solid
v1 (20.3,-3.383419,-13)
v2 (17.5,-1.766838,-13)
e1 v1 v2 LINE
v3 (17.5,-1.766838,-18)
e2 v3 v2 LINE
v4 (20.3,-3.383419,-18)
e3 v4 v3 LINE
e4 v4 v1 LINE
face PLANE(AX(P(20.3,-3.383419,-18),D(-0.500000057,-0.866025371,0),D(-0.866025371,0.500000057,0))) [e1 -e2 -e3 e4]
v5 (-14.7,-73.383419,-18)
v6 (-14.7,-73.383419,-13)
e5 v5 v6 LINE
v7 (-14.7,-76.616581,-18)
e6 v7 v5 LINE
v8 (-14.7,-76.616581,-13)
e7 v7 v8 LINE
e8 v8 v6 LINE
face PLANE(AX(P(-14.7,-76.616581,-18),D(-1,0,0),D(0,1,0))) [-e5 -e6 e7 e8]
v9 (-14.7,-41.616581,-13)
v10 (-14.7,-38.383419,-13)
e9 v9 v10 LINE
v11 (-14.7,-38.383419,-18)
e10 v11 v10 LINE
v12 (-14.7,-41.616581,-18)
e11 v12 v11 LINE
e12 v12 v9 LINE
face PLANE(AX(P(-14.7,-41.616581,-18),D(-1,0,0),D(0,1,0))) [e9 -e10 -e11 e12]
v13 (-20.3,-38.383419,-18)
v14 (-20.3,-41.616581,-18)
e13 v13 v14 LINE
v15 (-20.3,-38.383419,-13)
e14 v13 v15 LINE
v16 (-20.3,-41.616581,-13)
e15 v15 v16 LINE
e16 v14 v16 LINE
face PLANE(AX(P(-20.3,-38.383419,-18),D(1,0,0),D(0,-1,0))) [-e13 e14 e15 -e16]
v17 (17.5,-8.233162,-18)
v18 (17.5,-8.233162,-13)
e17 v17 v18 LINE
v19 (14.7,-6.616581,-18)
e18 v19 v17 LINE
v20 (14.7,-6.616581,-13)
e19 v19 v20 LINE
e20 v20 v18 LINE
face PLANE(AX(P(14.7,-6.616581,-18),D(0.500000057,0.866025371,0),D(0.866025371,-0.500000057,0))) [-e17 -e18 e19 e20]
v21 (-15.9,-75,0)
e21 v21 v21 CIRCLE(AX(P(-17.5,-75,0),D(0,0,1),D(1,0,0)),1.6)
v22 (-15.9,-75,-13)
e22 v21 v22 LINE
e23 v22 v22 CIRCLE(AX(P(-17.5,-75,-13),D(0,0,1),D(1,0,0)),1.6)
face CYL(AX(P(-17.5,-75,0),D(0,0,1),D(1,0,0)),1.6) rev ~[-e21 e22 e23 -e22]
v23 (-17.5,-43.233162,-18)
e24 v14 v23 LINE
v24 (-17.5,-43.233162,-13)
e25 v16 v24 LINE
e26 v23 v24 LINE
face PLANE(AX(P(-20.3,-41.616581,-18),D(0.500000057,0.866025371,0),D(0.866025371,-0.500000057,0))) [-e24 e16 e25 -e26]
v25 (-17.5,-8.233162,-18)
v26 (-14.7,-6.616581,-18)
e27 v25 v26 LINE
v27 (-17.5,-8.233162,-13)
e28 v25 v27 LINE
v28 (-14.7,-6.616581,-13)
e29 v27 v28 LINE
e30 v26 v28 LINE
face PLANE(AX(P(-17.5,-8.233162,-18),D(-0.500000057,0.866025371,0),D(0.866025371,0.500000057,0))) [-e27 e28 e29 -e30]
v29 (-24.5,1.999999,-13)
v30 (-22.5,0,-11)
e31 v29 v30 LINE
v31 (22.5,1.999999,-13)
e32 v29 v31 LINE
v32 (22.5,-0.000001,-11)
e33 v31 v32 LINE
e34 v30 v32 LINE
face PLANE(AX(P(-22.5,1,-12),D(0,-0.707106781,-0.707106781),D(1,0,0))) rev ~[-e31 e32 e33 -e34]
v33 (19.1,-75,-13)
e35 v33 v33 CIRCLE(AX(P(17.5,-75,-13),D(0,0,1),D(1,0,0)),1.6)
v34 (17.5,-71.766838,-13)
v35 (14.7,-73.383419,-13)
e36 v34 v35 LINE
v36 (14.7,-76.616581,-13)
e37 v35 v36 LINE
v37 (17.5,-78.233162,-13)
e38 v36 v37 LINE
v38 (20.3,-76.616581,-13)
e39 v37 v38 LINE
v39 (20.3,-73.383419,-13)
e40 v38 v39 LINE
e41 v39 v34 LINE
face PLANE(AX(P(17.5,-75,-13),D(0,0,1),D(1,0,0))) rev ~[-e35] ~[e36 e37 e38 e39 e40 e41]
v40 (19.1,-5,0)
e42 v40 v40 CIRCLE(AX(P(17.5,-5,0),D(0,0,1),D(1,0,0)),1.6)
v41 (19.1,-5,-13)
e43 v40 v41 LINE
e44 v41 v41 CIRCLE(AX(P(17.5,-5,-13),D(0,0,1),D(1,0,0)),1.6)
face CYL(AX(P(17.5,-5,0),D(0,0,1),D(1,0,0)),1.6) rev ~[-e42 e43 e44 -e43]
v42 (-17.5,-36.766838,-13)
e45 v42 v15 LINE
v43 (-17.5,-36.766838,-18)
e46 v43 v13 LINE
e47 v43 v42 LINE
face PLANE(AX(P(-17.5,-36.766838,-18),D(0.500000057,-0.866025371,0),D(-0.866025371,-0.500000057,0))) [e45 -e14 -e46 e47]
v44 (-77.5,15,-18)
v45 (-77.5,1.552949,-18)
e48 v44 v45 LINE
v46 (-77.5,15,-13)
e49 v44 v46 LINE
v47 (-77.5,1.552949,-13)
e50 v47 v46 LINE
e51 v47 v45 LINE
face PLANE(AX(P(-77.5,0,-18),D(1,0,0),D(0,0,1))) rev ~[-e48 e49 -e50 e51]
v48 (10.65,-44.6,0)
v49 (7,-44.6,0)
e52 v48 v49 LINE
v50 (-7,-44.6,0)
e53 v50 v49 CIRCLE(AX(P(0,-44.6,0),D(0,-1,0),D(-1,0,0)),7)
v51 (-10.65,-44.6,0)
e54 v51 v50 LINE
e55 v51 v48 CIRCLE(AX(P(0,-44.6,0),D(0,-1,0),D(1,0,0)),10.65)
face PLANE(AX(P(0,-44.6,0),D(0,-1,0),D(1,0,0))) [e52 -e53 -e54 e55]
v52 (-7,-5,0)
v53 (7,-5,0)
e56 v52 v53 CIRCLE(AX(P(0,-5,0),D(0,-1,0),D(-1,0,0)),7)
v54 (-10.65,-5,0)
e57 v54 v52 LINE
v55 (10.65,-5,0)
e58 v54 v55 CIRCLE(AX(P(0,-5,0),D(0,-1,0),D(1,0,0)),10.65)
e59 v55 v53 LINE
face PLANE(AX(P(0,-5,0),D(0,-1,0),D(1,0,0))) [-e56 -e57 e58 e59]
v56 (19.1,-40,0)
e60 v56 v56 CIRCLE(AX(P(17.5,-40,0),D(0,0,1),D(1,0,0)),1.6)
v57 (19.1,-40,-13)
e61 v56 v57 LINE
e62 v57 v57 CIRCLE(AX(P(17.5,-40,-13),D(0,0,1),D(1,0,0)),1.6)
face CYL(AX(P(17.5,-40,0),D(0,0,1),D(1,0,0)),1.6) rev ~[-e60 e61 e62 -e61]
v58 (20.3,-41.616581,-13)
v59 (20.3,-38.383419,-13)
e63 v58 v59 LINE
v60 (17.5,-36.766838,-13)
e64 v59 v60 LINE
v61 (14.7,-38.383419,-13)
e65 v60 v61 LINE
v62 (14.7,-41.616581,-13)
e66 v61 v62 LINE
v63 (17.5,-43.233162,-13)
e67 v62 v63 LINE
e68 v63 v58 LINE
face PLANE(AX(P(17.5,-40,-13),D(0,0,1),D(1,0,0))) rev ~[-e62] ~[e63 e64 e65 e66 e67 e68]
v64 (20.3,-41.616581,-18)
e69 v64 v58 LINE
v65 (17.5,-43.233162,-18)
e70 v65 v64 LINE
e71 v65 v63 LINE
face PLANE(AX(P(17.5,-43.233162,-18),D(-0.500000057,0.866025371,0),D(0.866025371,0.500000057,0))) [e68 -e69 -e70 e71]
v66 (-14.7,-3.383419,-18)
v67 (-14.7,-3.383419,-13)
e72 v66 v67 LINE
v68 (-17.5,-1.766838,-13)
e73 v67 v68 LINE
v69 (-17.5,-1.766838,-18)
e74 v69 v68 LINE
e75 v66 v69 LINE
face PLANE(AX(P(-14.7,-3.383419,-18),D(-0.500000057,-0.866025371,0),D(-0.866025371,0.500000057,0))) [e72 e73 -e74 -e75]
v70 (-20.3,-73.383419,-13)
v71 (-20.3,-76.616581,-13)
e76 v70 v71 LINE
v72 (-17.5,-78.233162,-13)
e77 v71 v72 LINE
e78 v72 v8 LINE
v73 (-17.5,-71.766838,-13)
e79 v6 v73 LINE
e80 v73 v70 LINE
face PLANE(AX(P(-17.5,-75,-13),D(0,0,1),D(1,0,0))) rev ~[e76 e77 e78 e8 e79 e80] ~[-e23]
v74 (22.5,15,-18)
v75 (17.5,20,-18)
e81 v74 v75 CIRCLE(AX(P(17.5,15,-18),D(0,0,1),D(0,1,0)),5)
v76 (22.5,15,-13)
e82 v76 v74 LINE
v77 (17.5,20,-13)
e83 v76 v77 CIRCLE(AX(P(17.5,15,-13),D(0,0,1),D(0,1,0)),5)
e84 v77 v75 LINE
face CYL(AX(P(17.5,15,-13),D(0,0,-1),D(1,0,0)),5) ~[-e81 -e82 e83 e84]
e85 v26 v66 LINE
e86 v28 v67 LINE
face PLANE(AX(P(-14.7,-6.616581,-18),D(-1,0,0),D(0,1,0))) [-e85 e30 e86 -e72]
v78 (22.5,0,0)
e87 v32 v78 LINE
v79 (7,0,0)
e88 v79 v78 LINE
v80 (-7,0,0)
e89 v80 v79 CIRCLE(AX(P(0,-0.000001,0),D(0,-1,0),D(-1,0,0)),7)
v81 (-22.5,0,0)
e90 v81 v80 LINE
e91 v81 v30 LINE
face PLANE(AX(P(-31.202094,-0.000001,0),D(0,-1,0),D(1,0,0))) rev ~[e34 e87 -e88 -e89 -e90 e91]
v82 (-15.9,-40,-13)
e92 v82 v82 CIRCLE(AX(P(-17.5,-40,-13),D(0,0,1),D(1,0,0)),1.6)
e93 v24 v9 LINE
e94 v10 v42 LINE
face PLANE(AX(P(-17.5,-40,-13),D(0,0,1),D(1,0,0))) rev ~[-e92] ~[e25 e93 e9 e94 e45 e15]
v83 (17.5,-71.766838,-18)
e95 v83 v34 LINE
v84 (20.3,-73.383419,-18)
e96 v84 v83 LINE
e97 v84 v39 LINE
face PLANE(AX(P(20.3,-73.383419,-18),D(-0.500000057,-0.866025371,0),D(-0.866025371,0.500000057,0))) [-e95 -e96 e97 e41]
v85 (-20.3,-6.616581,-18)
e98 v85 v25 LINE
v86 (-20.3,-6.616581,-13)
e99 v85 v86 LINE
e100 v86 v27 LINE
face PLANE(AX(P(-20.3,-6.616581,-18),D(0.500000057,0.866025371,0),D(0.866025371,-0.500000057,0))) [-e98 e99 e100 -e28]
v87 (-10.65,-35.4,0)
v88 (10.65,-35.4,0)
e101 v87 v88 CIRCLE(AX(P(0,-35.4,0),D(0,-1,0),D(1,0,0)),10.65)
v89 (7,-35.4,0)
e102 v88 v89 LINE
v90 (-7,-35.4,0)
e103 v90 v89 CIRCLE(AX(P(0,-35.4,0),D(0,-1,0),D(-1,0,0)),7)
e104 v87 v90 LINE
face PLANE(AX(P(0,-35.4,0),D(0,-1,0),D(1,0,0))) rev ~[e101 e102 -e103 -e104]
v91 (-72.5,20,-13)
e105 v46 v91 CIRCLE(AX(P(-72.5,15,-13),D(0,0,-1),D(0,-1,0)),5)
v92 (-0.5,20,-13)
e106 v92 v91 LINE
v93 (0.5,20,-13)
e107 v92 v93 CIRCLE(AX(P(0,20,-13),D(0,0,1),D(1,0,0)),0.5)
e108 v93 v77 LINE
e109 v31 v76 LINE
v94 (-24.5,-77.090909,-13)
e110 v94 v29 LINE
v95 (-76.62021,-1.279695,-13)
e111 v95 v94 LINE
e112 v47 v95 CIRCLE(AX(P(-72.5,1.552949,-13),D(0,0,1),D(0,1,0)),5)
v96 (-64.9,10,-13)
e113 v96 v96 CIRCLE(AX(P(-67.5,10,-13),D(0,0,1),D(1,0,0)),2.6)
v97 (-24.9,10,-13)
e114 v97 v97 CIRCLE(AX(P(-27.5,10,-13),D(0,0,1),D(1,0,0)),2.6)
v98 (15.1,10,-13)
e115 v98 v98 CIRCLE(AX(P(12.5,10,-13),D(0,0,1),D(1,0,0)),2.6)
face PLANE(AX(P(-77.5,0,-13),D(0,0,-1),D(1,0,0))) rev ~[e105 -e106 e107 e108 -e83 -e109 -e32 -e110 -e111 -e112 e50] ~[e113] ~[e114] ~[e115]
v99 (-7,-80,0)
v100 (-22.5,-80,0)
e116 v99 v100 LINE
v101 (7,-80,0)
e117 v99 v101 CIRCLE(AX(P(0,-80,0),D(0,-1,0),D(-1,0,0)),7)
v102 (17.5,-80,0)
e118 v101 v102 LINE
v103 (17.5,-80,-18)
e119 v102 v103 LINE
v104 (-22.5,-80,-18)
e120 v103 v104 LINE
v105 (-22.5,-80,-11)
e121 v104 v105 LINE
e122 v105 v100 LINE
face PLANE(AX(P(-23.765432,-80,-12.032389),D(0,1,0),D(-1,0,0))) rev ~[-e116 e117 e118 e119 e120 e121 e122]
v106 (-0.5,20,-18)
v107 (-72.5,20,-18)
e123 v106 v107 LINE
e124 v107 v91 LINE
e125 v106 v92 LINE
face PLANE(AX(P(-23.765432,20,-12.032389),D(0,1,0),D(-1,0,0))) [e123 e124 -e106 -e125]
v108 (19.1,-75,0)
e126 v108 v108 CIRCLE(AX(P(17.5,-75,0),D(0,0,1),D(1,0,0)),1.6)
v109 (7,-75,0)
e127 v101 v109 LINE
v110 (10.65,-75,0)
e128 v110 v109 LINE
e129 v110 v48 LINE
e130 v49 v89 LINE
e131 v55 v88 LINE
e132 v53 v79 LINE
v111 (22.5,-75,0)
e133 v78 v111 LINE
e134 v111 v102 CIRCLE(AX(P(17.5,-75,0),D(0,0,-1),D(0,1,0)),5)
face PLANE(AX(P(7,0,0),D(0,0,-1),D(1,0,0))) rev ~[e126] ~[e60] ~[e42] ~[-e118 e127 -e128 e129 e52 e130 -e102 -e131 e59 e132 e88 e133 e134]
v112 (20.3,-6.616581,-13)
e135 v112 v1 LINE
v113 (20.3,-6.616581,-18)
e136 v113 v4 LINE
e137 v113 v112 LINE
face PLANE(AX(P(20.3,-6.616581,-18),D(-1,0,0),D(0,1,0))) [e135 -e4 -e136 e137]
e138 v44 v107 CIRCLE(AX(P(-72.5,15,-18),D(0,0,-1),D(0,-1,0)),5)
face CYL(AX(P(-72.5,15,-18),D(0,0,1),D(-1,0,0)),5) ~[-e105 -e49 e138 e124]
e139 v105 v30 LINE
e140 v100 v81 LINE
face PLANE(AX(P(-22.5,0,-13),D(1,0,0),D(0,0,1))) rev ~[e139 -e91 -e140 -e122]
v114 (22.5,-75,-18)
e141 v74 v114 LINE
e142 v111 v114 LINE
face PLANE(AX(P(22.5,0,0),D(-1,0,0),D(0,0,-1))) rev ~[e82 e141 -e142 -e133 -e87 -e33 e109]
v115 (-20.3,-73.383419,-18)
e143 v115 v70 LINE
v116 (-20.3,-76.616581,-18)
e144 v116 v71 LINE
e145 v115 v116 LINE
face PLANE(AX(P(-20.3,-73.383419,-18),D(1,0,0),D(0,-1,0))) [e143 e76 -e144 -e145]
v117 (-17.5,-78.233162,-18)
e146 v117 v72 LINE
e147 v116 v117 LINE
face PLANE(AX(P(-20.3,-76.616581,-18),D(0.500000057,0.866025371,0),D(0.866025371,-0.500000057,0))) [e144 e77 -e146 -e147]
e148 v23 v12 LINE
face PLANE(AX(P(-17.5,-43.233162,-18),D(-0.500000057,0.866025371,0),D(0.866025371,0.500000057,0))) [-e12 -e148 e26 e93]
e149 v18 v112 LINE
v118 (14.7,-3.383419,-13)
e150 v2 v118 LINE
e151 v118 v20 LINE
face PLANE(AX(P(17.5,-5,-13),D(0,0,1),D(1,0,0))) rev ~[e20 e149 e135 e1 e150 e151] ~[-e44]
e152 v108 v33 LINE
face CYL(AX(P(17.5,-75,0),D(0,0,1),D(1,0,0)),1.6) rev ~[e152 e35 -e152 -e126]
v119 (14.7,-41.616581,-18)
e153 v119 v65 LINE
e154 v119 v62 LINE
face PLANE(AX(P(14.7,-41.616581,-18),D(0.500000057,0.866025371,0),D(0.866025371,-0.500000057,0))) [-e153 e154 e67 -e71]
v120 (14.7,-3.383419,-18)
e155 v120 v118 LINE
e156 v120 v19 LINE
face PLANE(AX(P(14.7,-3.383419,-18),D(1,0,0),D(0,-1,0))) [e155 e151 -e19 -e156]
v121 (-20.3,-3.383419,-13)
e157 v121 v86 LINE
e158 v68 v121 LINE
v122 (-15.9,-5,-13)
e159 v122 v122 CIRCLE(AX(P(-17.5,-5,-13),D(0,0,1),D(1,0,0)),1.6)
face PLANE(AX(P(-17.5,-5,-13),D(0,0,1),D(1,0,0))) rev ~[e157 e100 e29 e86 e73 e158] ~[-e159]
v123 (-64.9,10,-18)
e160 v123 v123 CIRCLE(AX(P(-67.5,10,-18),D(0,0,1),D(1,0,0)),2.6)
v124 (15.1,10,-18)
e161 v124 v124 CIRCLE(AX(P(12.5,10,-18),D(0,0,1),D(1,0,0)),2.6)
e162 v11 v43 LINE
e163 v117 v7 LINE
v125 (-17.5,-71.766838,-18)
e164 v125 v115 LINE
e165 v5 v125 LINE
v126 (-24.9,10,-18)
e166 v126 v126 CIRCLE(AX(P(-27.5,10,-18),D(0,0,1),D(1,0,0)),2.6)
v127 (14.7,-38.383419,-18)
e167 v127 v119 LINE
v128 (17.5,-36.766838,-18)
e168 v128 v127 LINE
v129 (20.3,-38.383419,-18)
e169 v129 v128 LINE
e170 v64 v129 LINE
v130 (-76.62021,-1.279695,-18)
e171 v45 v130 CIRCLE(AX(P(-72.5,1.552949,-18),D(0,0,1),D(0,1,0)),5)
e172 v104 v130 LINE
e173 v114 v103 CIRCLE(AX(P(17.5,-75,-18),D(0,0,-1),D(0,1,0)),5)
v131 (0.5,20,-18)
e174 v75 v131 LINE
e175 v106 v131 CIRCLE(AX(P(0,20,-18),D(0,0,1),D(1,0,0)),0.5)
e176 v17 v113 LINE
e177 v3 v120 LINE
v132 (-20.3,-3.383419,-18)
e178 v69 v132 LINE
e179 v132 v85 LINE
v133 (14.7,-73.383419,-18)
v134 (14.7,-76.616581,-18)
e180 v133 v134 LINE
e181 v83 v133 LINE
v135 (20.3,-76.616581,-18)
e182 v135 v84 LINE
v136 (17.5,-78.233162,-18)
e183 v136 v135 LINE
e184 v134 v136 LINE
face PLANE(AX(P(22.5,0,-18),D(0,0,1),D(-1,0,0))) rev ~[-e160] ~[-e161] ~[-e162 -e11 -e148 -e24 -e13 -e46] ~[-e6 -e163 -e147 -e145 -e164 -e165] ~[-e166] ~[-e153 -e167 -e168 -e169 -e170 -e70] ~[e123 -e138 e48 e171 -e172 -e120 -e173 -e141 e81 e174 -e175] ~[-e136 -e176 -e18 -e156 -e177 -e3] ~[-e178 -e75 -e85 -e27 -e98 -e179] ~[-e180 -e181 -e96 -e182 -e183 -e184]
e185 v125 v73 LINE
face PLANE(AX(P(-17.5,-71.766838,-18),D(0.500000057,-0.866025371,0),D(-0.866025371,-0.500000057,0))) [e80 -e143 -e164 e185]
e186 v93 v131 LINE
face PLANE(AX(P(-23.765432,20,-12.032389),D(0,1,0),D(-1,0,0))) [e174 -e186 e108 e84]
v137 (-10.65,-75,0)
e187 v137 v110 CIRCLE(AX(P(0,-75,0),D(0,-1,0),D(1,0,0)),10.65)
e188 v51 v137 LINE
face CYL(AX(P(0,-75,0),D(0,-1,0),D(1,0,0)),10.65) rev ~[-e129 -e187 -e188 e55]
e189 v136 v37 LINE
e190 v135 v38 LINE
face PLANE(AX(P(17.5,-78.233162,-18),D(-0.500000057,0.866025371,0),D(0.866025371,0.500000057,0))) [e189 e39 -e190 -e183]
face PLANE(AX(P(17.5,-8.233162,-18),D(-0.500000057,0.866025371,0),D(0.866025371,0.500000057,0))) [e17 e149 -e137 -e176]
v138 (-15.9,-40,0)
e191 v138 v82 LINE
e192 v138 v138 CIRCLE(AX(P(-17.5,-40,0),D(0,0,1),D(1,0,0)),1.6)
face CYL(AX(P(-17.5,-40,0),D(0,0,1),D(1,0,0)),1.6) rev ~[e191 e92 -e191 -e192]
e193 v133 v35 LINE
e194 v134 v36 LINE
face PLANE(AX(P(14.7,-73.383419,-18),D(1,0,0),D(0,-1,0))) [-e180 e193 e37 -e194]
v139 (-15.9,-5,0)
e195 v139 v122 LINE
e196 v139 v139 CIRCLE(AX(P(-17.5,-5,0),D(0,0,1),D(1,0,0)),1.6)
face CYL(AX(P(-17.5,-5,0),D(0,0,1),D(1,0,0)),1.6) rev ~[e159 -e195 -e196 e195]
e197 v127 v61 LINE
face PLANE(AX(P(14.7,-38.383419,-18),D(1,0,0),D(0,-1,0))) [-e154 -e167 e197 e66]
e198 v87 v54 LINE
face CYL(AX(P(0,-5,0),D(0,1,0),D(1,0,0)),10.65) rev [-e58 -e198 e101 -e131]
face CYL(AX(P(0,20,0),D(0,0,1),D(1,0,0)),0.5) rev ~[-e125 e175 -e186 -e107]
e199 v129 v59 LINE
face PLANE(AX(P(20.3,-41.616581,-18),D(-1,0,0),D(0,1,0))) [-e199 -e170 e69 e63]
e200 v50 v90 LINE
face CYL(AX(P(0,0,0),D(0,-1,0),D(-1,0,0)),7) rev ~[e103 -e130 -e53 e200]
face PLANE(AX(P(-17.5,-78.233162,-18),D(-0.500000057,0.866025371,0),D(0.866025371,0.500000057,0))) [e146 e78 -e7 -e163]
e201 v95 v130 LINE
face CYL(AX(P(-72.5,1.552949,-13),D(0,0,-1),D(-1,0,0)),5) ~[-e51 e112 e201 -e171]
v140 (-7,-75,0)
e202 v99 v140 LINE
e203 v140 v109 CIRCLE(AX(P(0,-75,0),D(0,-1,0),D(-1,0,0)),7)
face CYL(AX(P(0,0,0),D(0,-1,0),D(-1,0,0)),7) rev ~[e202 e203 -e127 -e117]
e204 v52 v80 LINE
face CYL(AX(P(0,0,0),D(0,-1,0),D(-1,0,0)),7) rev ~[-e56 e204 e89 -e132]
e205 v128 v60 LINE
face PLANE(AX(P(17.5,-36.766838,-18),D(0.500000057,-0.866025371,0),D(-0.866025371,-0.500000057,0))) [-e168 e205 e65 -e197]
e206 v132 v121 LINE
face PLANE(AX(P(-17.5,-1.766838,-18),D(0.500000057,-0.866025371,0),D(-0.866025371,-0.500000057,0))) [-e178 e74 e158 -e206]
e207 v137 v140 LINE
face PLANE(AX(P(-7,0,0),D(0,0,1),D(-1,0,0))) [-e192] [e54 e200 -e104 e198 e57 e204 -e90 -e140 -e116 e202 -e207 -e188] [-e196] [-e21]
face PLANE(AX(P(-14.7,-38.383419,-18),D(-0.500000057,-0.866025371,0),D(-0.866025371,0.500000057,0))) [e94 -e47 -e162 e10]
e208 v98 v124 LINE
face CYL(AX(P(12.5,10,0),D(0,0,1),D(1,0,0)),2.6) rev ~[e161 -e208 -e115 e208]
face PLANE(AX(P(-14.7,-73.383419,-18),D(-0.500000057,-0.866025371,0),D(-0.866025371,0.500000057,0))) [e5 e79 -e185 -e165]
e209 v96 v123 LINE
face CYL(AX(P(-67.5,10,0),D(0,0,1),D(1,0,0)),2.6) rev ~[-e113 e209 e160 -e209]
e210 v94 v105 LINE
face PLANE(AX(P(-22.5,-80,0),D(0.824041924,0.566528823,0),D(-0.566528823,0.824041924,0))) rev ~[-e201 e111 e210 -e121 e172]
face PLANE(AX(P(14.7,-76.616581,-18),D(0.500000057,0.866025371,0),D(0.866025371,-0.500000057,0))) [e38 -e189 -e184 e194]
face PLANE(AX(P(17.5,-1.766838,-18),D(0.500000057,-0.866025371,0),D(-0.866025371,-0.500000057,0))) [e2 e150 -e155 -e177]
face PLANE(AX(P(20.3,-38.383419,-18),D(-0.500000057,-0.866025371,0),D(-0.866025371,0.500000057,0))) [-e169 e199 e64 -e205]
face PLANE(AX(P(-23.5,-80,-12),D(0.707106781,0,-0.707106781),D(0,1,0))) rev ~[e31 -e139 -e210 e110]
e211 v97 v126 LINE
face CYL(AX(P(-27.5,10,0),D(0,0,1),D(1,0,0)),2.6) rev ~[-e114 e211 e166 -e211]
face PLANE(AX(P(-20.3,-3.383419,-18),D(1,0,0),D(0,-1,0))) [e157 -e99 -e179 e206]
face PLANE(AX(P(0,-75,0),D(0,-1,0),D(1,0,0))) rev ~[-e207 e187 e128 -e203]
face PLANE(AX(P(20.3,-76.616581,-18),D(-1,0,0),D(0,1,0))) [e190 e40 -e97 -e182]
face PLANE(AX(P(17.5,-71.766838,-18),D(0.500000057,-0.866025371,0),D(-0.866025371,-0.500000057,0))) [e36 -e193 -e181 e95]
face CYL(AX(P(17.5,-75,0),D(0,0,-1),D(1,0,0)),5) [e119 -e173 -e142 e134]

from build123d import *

# Parameters (mm, degrees)
PAD_DEPTH       = 80
PAD_DEPTH_BACK  = 20
SKETCH001_R     = 2.6
SKETCH001_R_2   = 1.6
SKETCH001_R_3   = 0.5
POCKET_DEPTH    = 18.001
SKETCH002_W     = 62.404188
SKETCH002_H     = 27.650393
POCKET001_DEPTH = 13
POCKET002_DEPTH = 5
SKETCH004_R     = 10.65
POCKET003_DEPTH = 30.4
SKETCH005_R     = 10.65
POCKET004_DEPTH = 30.4
FILLET_R        = 5
CHAMFER_SIZE    = 2


with BuildPart() as part:
    # Sketch → Pad (new body, two sides)
    with BuildSketch(Plane.XZ) as pad_sk:
        with BuildLine():
            Line((-77.5, -18), (-77.5, -13))
            Line((-77.5, -13), (-22.5, -13))
            Line((-22.5, -13), (-22.5, 0))
            Line((-7, 0), (-22.5, 0))
            ThreePointArc((-7, 0), (0, -7), (7, 0))
            Line((7, 0), (22.5, 0))
            Line((22.5, 0), (22.5, -18))
            Line((22.5, -18), (-77.5, -18))
        make_face()
    extrude(amount=PAD_DEPTH)
    extrude(pad_sk.sketch, amount=-PAD_DEPTH_BACK)

    # Sketch001 → Pocket (cut, through all)
    with BuildSketch(Plane.XY):
        with Locations((-67.5, 10)):
            Circle(SKETCH001_R)
        with Locations((-27.5, 10)):
            Circle(SKETCH001_R)
        with Locations((12.5, 10)):
            Circle(SKETCH001_R)
        with Locations((-17.5, -5)):
            Circle(SKETCH001_R_2)
        with Locations((-17.5, -40)):
            Circle(SKETCH001_R_2)
        with Locations((-17.5, -75)):
            Circle(SKETCH001_R_2)
        with Locations((17.5, -5)):
            Circle(SKETCH001_R_2)
        with Locations((17.5, -40)):
            Circle(SKETCH001_R_2)
        with Locations((17.5, -75)):
            Circle(SKETCH001_R_2)
        with Locations((0, 20)):
            Circle(SKETCH001_R_3)
        Polygon((-77.5, 0), (-77.5, -80), (-22.5, -80), align=None)
    extrude(amount=-POCKET_DEPTH, mode=Mode.SUBTRACT)

    # Sketch002 → Pocket001 (cut)
    with BuildSketch(Plane.XY):
        with Locations((0, 13.825196)):
            Rectangle(SKETCH002_W, SKETCH002_H)
    extrude(amount=-POCKET001_DEPTH, mode=Mode.SUBTRACT)

    # Sketch003 (on DatumPlane) → Pocket002 (cut)
    with BuildSketch(Plane.XY.offset(-18)):
        Polygon((-14.7, -3.383419), (-17.5, -1.766838), (-20.3, -3.383419), (-20.3, -6.616581), (-17.5, -8.233162), (-14.7, -6.616581), align=None)
        Polygon((-14.7, -41.616581), (-14.7, -38.383419), (-17.5, -36.766838), (-20.3, -38.383419), (-20.3, -41.616581), (-17.5, -43.233162), align=None)
        Polygon((-14.7, -76.616581), (-14.7, -73.383419), (-17.5, -71.766838), (-20.3, -73.383419), (-20.3, -76.616581), (-17.5, -78.233162), align=None)
        Polygon((17.5, -78.233162), (20.3, -76.616581), (20.3, -73.383419), (17.5, -71.766838), (14.7, -73.383419), (14.7, -76.616581), align=None)
        Polygon((20.3, -41.616581), (20.3, -38.383419), (17.5, -36.766838), (14.7, -38.383419), (14.7, -41.616581), (17.5, -43.233162), align=None)
        Polygon((20.3, -3.383419), (17.5, -1.766838), (14.7, -3.383419), (14.7, -6.616581), (17.5, -8.233162), (20.3, -6.616581), align=None)
    extrude(amount=POCKET002_DEPTH, mode=Mode.SUBTRACT)

    # Sketch004 (on DatumPlane) → Pocket003 (cut)
    with BuildSketch(Plane.XZ.offset(5)):
        Circle(SKETCH004_R)
    extrude(amount=POCKET003_DEPTH, mode=Mode.SUBTRACT)

    # Sketch005 (on DatumPlane) → Pocket004 (cut)
    with BuildSketch(Plane.XZ.offset(75)):
        Circle(SKETCH005_R)
    extrude(amount=-POCKET004_DEPTH, mode=Mode.SUBTRACT)

    # Fillet
    fillet_edges = [part.edges().sort_by_distance(p)[0] for p in [
        (22.5, 20, -15.5),
        (-77.5, 20, -15.5),
        (-77.5, 0, -15.5),
        (22.5, -80, -9),
    ]]
    fillet(fillet_edges, radius=FILLET_R)

    # Chamfer
    chamfer_edges = [part.edges().sort_by_distance(p)[0] for p in [
        (-22.5, -40, -13),
        (0, 0, -13),
    ]]
    chamfer(chamfer_edges, length=CHAMFER_SIZE)


solid = part.part
